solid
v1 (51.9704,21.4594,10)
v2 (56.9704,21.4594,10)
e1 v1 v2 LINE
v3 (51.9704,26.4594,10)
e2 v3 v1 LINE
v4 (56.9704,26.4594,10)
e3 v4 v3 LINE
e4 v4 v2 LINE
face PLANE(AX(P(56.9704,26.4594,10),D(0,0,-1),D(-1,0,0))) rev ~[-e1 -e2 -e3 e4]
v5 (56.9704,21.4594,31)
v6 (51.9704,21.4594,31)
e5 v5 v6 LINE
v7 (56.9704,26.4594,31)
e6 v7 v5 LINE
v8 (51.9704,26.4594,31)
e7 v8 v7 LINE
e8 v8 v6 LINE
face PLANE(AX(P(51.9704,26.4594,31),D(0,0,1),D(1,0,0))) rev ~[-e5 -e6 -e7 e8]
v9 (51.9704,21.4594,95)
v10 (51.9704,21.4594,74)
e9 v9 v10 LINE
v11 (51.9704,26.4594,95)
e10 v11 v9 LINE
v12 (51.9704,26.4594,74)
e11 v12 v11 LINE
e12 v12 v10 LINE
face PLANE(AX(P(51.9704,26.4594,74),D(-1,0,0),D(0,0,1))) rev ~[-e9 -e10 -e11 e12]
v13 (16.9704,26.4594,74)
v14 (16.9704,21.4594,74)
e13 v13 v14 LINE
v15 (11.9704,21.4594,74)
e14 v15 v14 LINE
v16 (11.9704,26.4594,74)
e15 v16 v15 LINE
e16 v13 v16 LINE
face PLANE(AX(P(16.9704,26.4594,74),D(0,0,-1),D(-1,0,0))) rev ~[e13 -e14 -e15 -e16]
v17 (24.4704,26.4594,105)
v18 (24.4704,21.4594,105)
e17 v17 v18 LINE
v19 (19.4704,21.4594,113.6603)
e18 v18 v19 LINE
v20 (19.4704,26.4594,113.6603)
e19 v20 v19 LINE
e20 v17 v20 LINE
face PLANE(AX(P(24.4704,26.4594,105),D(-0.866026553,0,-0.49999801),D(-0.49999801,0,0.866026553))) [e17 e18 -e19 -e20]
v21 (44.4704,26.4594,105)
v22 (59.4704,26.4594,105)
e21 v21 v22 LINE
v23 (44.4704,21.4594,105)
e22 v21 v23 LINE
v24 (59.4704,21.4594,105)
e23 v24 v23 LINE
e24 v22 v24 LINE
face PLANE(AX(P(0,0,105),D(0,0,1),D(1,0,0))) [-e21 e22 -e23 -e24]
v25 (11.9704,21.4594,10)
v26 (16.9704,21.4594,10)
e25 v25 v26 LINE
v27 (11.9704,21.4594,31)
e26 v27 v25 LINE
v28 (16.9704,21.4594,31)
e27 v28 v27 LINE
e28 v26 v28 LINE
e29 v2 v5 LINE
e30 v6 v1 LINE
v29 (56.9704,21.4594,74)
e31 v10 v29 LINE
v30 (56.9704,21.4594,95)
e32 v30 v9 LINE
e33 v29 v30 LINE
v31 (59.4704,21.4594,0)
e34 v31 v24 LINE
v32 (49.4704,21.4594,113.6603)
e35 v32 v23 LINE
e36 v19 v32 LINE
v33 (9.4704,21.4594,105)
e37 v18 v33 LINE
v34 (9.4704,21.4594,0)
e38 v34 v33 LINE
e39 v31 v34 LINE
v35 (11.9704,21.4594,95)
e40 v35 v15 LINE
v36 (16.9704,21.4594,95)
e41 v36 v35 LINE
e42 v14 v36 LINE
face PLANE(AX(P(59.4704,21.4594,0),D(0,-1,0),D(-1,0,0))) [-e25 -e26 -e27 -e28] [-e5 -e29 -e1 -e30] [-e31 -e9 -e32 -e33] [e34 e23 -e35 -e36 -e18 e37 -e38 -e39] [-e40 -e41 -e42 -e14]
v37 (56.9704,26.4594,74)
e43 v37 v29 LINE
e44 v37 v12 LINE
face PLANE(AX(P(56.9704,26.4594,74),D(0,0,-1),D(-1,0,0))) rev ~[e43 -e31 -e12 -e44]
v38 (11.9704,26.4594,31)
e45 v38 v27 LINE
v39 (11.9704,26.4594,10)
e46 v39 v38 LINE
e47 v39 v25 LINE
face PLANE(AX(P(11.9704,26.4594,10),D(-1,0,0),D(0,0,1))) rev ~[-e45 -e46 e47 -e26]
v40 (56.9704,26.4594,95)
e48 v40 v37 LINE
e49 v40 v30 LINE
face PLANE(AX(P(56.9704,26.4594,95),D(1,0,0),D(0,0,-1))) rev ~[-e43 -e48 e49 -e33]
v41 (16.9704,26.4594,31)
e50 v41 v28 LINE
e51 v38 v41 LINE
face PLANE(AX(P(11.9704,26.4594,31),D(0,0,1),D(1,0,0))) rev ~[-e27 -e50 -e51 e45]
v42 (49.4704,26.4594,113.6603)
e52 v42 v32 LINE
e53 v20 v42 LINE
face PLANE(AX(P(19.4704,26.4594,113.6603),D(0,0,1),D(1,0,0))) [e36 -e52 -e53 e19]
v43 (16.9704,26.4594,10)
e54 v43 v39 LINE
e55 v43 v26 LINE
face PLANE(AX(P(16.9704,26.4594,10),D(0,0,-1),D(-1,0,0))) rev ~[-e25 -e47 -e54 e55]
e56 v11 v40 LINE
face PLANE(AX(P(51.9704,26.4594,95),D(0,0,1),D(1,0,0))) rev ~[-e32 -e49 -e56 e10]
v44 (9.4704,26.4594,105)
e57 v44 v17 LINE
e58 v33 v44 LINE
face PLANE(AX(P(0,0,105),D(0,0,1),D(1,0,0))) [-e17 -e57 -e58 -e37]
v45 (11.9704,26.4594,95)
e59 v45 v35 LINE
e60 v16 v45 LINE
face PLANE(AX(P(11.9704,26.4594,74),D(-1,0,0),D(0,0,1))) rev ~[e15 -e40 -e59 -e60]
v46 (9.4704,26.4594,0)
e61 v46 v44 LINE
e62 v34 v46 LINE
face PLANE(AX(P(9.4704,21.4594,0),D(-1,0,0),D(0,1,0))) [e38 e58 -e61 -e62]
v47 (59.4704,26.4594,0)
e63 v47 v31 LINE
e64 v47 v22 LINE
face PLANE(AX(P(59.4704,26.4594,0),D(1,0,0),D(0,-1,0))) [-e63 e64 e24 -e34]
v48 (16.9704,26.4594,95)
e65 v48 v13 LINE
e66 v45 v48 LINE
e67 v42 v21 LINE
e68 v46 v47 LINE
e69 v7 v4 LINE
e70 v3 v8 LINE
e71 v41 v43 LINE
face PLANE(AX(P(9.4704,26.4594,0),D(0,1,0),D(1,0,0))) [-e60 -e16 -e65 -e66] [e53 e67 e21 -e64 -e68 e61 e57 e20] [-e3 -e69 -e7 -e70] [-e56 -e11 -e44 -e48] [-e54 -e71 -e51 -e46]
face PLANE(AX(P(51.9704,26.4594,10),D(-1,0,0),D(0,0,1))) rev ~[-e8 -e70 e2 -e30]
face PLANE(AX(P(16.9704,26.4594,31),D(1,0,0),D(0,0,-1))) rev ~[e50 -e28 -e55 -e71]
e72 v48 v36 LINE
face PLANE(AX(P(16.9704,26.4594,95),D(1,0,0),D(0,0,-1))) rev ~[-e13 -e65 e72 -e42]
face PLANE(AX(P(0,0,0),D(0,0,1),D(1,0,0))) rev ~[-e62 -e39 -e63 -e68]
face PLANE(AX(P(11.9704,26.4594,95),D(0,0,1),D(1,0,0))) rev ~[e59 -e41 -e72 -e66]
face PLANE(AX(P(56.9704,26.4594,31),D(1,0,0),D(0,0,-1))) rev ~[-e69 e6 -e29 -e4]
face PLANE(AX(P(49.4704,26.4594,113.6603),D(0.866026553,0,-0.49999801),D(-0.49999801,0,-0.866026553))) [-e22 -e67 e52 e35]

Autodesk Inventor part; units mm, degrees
ref_plane "YZ Plane" through (0, 0, 0) normal (1, 0, 0) x (0, 1, 0)
ref_plane "XZ Plane" through (0, 0, 0) normal (0, 1, 0) x (-1, 0, 0)
ref_plane "XY Plane" through (0, 0, 0) normal (0, 0, 1) x (1, 0, 0)
sketch "Sketch1" plane through (0, 0, 0) normal (0, 0, 1) x (1, 0, 0)
  line L0 (9.4704, 26.4594) -> (59.4704, 26.4594)
  line L1 (59.4704, 26.4594) -> (59.4704, 21.4594)
  line L2 (59.4704, 21.4594) -> (9.4704, 21.4594)
  line L3 (9.4704, 21.4594) -> (9.4704, 26.4594)
  point P0 (0, 0)
  dimension "d0" = 50
  dimension "d1" = 5
extrude "Extrusion1" add sketch "Sketch1" along normal blind 105
sketch "Sketch2" plane through (9.4704, 26.4594, 0) normal (0, 1, 0) x (1, 0, 0)
  line L0 (0, -105) -> (50, -105) projected
  line L1 (0, 0) -> (50, 0) projected
  line L2 (0, -105) -> (50, -105)
  line L3 (50, -105) -> (50, 0)
  line L4 (50, 0) -> (0, 0)
  line L5 (0, 0) -> (0, -105)
  line L6 (2.5, -95) -> (7.5, -95)
  line L7 (7.5, -95) -> (7.5, -74)
  line L8 (7.5, -74) -> (2.5, -74)
  line L9 (2.5, -74) -> (2.5, -95)
  line L10 (42.5, -95) -> (47.5, -95)
  line L11 (47.5, -95) -> (47.5, -74)
  line L12 (47.5, -74) -> (42.5, -74)
  line L13 (42.5, -74) -> (42.5, -95)
  line L14 (42.5, -31) -> (47.5, -31)
  line L15 (47.5, -31) -> (47.5, -10)
  line L16 (47.5, -10) -> (42.5, -10)
  line L17 (42.5, -10) -> (42.5, -31)
  line L18 (2.5, -31) -> (7.5, -31)
  line L19 (7.5, -31) -> (7.5, -10)
  line L20 (7.5, -10) -> (2.5, -10)
  line L21 (2.5, -10) -> (2.5, -31)
  line L22 (15, -105) -> (10, -113.6603)
  line L23 (15, -105) -> (25, -105) construction
  line L24 (10, -113.6603) -> (40, -113.6603)
  line L25 (40, -113.6603) -> (35, -105)
  point P0 (-9.4704, 0)
  dimension "d4" = 5
  dimension "d5" = 21
  dimension "d6" = 5
  dimension "d7" = 21
  dimension "d8" = 5
  dimension "d9" = 21
  dimension "d10" = 5
  dimension "d11" = 21
  dimension "d12" = 2.5
  dimension "d13" = 2.5
  dimension "d14" = 2.5
  dimension "d15" = 2.5
  dimension "d16" = 10
  dimension "d17" = 10
  dimension "d18" = 10
  dimension "d19" = 10
  dimension "d22" = 10
  dimension "d23" = 120
  dimension "d24" = 30
  dimension "d25" = 10
  dimension "d26" = 15
  dimension "d29" = 105
  dimension "d30" = 105
  dimension "d31" = 15
  dimension "d32" = 35
extrude "Extrusion2" cut sketch "Sketch2" against normal blind 105 contours L9 L8 L7 L6 | L13 L12 L11 L10 | L17 L16 L15 L14 | L21 L20 L19 L18
extrude "Extrusion3" add sketch "Sketch2" against normal blind 5 contours L0 L25 L24 L22
equation "\"d13\" = d12"
equation "\"d14\" = d12"
equation "\"d15\" = d12"
equation "\"d17\" = d16"
equation "\"d18\" = d16"
equation "\"d19\" = d16"
properties part number "inslide1"
